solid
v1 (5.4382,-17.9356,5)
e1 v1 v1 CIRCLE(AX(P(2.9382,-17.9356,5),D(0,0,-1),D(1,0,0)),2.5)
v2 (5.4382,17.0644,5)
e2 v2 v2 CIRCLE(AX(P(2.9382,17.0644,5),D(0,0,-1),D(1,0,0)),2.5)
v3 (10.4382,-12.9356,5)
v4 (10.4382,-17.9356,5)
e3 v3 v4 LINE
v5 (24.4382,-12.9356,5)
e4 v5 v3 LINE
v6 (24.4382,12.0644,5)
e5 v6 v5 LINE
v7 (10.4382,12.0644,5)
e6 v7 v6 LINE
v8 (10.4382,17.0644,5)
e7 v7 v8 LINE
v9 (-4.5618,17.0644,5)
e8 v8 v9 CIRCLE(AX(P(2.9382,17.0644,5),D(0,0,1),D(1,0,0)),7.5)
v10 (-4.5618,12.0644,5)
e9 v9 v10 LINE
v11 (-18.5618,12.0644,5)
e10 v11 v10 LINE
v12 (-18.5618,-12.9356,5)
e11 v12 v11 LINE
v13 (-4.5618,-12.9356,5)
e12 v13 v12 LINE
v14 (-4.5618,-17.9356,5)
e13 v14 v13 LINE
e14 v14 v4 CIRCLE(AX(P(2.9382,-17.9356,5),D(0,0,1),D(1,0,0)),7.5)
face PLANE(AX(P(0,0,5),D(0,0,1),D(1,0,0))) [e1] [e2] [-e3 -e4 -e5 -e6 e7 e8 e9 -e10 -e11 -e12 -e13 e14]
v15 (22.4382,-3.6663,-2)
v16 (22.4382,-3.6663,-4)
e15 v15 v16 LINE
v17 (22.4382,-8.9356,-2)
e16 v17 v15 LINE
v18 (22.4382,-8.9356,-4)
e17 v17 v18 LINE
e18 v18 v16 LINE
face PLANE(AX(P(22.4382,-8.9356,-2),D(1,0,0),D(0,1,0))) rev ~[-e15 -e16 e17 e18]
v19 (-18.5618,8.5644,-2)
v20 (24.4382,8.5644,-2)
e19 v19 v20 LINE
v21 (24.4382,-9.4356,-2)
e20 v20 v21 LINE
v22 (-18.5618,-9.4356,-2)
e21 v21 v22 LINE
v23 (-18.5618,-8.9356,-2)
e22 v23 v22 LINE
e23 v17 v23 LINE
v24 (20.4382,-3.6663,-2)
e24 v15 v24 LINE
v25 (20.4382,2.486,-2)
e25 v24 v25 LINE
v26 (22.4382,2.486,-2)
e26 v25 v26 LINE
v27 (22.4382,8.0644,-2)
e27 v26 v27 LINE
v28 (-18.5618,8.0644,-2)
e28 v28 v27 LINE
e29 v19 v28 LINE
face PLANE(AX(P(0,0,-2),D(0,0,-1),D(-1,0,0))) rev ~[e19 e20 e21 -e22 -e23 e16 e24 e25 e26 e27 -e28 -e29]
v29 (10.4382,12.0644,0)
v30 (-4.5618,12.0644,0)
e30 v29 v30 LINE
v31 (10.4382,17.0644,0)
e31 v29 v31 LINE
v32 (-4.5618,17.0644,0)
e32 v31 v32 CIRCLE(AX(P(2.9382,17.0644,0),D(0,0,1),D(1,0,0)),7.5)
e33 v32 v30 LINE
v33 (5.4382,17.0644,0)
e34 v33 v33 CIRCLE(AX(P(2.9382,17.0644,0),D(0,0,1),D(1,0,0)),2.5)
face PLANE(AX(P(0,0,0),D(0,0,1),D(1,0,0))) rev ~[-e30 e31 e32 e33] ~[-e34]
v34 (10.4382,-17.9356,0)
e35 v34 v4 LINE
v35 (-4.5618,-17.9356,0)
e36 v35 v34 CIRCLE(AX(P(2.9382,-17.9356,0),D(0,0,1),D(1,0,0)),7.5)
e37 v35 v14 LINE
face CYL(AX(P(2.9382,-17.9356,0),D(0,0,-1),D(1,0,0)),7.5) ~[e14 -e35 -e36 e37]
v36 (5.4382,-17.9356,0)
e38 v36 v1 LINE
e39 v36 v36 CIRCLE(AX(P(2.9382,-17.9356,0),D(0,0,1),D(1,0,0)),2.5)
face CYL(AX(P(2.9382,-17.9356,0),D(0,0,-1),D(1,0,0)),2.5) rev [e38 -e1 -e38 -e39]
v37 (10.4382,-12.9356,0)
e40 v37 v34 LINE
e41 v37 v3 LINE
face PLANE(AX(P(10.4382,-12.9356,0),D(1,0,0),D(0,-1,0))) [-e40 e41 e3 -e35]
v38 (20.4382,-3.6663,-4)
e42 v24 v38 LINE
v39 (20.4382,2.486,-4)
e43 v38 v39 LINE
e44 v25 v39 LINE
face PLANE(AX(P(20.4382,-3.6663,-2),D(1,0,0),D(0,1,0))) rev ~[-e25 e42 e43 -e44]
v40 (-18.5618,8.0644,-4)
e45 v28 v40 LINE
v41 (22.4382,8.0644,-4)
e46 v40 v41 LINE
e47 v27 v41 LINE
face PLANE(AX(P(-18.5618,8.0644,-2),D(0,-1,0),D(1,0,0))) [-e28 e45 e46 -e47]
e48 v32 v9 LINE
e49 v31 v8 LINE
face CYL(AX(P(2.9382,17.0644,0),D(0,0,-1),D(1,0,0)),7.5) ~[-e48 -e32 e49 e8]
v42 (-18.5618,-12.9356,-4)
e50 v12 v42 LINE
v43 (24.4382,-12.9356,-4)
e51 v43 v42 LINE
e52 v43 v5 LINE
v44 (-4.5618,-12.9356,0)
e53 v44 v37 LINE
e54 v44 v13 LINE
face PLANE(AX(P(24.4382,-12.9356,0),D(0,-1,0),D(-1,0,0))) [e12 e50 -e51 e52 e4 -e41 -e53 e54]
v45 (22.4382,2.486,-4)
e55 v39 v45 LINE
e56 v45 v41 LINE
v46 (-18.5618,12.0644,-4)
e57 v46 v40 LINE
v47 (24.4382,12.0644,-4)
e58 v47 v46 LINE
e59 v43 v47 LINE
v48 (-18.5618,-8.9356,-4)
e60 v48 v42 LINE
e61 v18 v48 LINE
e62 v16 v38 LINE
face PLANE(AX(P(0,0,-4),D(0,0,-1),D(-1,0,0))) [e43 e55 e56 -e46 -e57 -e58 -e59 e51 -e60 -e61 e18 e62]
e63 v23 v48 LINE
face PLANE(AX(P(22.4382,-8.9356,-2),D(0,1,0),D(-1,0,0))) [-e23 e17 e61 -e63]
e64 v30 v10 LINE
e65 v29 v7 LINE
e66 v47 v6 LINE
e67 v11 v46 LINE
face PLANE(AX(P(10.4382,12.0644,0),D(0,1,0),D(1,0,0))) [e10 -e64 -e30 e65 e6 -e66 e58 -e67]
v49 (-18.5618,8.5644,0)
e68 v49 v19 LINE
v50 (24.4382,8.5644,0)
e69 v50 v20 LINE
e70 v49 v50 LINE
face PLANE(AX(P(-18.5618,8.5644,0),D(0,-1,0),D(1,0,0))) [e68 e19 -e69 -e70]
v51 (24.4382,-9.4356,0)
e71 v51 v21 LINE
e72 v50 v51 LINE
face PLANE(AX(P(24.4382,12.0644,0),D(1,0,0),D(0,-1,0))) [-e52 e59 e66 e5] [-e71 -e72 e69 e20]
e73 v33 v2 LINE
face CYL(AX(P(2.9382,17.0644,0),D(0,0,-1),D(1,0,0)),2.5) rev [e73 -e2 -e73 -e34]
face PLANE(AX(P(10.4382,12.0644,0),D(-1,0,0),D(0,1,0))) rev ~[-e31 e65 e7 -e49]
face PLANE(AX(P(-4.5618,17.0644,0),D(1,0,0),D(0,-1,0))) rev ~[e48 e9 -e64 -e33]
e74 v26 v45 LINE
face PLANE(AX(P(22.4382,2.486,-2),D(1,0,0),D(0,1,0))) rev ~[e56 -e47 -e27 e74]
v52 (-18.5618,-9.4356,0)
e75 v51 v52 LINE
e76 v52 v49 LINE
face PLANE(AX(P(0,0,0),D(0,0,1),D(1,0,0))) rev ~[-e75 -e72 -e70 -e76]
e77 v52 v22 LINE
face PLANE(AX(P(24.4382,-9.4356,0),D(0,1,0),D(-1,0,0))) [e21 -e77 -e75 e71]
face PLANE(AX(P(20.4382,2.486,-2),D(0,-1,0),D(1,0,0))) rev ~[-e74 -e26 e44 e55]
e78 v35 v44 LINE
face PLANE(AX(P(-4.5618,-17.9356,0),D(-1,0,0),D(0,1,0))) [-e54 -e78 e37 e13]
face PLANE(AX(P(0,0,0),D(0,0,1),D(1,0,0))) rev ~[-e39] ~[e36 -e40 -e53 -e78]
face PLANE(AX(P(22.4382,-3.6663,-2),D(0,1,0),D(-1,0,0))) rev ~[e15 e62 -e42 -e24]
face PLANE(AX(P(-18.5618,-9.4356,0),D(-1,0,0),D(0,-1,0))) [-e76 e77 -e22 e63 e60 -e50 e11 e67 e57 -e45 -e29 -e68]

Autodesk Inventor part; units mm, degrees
ref_plane "YZ Plane" through (0, 0, 0) normal (1, 0, 0) x (0, 1, 0)
ref_plane "XZ Plane" through (0, 0, 0) normal (0, 1, 0) x (-1, 0, 0)
ref_plane "XY Plane" through (0, 0, 0) normal (0, 0, 1) x (1, 0, 0)
sketch "Sketch1" plane through (0, 0, 0) normal (0, 0, 1) x (1, 0, 0)
  line L0 (24.4382, -12.9356) -> (-18.5618, -12.9356)
  line L1 (-18.5618, -12.9356) -> (-18.5618, 12.0644)
  line L2 (-18.5618, 12.0644) -> (24.4382, 12.0644)
  line L3 (24.4382, 12.0644) -> (24.4382, -12.9356)
  line L4 (-4.5618, -12.9356) -> (10.4382, -12.9356)
  line L5 (10.4382, -12.9356) -> (10.4382, -17.9356)
  line L6 (10.4382, -17.9356) -> (-4.5618, -17.9356)
  line L7 (-4.5618, -17.9356) -> (-4.5618, -12.9356)
  line L8 (-4.5618, 12.0644) -> (10.4382, 12.0644)
  line L9 (10.4382, 12.0644) -> (10.4382, 17.0644)
  line L10 (10.4382, 17.0644) -> (-4.5618, 17.0644)
  line L11 (-4.5618, 17.0644) -> (-4.5618, 12.0644)
  circle A0 centre (2.9382, -17.9356) radius 7.5
  circle A1 centre (2.9382, 17.0644) radius 7.5
  circle A2 centre (2.9382, -17.9356) radius 2.5
  circle A3 centre (2.9382, 17.0644) radius 2.5
  point P0 (0, 0)
  point P1 (-4.5618, -17.9356)
  dimension "d0" = 43
  dimension "d1" = 25
  dimension "d2" = 15
  dimension "d3" = 15
  dimension "d4" = 21.5
  dimension "d5" = 21.5
  dimension "d6" = 5
  dimension "d7" = 5
  dimension "d8" = 5
  dimension "d9" = 5
extrude "Extrusion1" add sketch "Sketch1" along normal blind 5 contours L0 A0 L1 L2 A1 L3 | L5 A0 L0 | A0 L6 A2 L0 | L0 A0 | A0 L6 A2 | L2 A1 L9 | A0 L7 L0 | A1 L2 | L2 A1 L10 A3 | L10 A3 A1 | L2 L11 A1
sketch "Sketch2" plane through (0, 0, 0) normal (0, 0, -1) x (-1, 0, 0)
  line L0 (18.5618, 12.0644) -> (18.5618, -12.9356) projected
  line L1 (-24.4382, -12.9356) -> (-24.4382, 12.0644) projected
  line L2 (18.5618, -12.9356) -> (-24.4382, -12.9356)
  line L3 (-24.4382, -12.9356) -> (-24.4382, -9.4356)
  line L4 (-24.4382, -9.4356) -> (18.5618, -9.4356)
  line L5 (18.5618, -9.4356) -> (18.5618, -12.9356)
  line L6 (-24.4382, 12.0644) -> (18.5618, 12.0644)
  line L7 (18.5618, 12.0644) -> (18.5618, 8.5644)
  line L8 (18.5618, 8.5644) -> (-24.4382, 8.5644)
  line L9 (-24.4382, 8.5644) -> (-24.4382, 12.0644)
  point P0 (0, 0)
  point P1 (-24.4382, 8.5644)
  point P2 (18.5618, -9.4356)
  dimension "d12" = 3.5
  dimension "d13" = 3.5
extrude "Extrusion2" add sketch "Sketch2" along normal blind 2 contours L0 L8 L1 L6 | L0 L2 L1 L4
sketch "Sketch3" plane through (0, 0, -2) normal (0, 0, -1) x (-1, 0, 0)
  line L0 (-24.4382, -12.9356) -> (18.5618, -12.9356) projected
  line L1 (-24.4382, -9.4356) -> (-24.4382, 8.5644) projected
  line L2 (18.5618, -12.9356) -> (-24.4382, -12.9356)
  line L3 (-24.4382, -12.9356) -> (-24.4382, -8.9356)
  line L4 (-24.4382, -8.9356) -> (18.5618, -8.9356)
  line L5 (18.5618, -8.9356) -> (18.5618, -12.9356)
  line L6 (-24.4382, 12.0644) -> (18.5618, 12.0644)
  line L7 (18.5618, 12.0644) -> (18.5618, 8.0644)
  line L8 (18.5618, 8.0644) -> (-24.4382, 8.0644)
  line L9 (-24.4382, 8.0644) -> (-24.4382, 12.0644)
  line L10 (-24.4382, -8.9356) -> (-22.4382, -8.9356)
  line L11 (-22.4382, -8.9356) -> (-22.4382, 8.0644)
  line L12 (-22.4382, 8.0644) -> (-24.4382, 8.0644)
  line L13 (-24.4382, 8.0644) -> (-24.4382, -8.9356)
  line L14 (-22.4382, -3.6663) -> (-20.4382, -3.6663)
  line L15 (-20.4382, -3.6663) -> (-20.4382, 2.486)
  line L16 (-20.4382, 2.486) -> (-22.4382, 2.486)
  line L17 (-22.4382, 2.486) -> (-22.4382, -3.6663)
  line L18 (18.5618, 12.0644) -> (-24.4382, 12.0644) projected
  point P0 (0, 0)
  dimension "d16" = 4
  dimension "d17" = 4
  dimension "d18" = 0
  dimension "d19" = 2
  dimension "d20" = 2
extrude "Extrusion3" add sketch "Sketch3" along normal blind 2
equation "\"d4\" = 0.5 * d0"
equation "\"d5\" = d4"
equation "\"d9\" = d8"
equation "\"d12\" = d13"
properties part number "RelayBracket"
